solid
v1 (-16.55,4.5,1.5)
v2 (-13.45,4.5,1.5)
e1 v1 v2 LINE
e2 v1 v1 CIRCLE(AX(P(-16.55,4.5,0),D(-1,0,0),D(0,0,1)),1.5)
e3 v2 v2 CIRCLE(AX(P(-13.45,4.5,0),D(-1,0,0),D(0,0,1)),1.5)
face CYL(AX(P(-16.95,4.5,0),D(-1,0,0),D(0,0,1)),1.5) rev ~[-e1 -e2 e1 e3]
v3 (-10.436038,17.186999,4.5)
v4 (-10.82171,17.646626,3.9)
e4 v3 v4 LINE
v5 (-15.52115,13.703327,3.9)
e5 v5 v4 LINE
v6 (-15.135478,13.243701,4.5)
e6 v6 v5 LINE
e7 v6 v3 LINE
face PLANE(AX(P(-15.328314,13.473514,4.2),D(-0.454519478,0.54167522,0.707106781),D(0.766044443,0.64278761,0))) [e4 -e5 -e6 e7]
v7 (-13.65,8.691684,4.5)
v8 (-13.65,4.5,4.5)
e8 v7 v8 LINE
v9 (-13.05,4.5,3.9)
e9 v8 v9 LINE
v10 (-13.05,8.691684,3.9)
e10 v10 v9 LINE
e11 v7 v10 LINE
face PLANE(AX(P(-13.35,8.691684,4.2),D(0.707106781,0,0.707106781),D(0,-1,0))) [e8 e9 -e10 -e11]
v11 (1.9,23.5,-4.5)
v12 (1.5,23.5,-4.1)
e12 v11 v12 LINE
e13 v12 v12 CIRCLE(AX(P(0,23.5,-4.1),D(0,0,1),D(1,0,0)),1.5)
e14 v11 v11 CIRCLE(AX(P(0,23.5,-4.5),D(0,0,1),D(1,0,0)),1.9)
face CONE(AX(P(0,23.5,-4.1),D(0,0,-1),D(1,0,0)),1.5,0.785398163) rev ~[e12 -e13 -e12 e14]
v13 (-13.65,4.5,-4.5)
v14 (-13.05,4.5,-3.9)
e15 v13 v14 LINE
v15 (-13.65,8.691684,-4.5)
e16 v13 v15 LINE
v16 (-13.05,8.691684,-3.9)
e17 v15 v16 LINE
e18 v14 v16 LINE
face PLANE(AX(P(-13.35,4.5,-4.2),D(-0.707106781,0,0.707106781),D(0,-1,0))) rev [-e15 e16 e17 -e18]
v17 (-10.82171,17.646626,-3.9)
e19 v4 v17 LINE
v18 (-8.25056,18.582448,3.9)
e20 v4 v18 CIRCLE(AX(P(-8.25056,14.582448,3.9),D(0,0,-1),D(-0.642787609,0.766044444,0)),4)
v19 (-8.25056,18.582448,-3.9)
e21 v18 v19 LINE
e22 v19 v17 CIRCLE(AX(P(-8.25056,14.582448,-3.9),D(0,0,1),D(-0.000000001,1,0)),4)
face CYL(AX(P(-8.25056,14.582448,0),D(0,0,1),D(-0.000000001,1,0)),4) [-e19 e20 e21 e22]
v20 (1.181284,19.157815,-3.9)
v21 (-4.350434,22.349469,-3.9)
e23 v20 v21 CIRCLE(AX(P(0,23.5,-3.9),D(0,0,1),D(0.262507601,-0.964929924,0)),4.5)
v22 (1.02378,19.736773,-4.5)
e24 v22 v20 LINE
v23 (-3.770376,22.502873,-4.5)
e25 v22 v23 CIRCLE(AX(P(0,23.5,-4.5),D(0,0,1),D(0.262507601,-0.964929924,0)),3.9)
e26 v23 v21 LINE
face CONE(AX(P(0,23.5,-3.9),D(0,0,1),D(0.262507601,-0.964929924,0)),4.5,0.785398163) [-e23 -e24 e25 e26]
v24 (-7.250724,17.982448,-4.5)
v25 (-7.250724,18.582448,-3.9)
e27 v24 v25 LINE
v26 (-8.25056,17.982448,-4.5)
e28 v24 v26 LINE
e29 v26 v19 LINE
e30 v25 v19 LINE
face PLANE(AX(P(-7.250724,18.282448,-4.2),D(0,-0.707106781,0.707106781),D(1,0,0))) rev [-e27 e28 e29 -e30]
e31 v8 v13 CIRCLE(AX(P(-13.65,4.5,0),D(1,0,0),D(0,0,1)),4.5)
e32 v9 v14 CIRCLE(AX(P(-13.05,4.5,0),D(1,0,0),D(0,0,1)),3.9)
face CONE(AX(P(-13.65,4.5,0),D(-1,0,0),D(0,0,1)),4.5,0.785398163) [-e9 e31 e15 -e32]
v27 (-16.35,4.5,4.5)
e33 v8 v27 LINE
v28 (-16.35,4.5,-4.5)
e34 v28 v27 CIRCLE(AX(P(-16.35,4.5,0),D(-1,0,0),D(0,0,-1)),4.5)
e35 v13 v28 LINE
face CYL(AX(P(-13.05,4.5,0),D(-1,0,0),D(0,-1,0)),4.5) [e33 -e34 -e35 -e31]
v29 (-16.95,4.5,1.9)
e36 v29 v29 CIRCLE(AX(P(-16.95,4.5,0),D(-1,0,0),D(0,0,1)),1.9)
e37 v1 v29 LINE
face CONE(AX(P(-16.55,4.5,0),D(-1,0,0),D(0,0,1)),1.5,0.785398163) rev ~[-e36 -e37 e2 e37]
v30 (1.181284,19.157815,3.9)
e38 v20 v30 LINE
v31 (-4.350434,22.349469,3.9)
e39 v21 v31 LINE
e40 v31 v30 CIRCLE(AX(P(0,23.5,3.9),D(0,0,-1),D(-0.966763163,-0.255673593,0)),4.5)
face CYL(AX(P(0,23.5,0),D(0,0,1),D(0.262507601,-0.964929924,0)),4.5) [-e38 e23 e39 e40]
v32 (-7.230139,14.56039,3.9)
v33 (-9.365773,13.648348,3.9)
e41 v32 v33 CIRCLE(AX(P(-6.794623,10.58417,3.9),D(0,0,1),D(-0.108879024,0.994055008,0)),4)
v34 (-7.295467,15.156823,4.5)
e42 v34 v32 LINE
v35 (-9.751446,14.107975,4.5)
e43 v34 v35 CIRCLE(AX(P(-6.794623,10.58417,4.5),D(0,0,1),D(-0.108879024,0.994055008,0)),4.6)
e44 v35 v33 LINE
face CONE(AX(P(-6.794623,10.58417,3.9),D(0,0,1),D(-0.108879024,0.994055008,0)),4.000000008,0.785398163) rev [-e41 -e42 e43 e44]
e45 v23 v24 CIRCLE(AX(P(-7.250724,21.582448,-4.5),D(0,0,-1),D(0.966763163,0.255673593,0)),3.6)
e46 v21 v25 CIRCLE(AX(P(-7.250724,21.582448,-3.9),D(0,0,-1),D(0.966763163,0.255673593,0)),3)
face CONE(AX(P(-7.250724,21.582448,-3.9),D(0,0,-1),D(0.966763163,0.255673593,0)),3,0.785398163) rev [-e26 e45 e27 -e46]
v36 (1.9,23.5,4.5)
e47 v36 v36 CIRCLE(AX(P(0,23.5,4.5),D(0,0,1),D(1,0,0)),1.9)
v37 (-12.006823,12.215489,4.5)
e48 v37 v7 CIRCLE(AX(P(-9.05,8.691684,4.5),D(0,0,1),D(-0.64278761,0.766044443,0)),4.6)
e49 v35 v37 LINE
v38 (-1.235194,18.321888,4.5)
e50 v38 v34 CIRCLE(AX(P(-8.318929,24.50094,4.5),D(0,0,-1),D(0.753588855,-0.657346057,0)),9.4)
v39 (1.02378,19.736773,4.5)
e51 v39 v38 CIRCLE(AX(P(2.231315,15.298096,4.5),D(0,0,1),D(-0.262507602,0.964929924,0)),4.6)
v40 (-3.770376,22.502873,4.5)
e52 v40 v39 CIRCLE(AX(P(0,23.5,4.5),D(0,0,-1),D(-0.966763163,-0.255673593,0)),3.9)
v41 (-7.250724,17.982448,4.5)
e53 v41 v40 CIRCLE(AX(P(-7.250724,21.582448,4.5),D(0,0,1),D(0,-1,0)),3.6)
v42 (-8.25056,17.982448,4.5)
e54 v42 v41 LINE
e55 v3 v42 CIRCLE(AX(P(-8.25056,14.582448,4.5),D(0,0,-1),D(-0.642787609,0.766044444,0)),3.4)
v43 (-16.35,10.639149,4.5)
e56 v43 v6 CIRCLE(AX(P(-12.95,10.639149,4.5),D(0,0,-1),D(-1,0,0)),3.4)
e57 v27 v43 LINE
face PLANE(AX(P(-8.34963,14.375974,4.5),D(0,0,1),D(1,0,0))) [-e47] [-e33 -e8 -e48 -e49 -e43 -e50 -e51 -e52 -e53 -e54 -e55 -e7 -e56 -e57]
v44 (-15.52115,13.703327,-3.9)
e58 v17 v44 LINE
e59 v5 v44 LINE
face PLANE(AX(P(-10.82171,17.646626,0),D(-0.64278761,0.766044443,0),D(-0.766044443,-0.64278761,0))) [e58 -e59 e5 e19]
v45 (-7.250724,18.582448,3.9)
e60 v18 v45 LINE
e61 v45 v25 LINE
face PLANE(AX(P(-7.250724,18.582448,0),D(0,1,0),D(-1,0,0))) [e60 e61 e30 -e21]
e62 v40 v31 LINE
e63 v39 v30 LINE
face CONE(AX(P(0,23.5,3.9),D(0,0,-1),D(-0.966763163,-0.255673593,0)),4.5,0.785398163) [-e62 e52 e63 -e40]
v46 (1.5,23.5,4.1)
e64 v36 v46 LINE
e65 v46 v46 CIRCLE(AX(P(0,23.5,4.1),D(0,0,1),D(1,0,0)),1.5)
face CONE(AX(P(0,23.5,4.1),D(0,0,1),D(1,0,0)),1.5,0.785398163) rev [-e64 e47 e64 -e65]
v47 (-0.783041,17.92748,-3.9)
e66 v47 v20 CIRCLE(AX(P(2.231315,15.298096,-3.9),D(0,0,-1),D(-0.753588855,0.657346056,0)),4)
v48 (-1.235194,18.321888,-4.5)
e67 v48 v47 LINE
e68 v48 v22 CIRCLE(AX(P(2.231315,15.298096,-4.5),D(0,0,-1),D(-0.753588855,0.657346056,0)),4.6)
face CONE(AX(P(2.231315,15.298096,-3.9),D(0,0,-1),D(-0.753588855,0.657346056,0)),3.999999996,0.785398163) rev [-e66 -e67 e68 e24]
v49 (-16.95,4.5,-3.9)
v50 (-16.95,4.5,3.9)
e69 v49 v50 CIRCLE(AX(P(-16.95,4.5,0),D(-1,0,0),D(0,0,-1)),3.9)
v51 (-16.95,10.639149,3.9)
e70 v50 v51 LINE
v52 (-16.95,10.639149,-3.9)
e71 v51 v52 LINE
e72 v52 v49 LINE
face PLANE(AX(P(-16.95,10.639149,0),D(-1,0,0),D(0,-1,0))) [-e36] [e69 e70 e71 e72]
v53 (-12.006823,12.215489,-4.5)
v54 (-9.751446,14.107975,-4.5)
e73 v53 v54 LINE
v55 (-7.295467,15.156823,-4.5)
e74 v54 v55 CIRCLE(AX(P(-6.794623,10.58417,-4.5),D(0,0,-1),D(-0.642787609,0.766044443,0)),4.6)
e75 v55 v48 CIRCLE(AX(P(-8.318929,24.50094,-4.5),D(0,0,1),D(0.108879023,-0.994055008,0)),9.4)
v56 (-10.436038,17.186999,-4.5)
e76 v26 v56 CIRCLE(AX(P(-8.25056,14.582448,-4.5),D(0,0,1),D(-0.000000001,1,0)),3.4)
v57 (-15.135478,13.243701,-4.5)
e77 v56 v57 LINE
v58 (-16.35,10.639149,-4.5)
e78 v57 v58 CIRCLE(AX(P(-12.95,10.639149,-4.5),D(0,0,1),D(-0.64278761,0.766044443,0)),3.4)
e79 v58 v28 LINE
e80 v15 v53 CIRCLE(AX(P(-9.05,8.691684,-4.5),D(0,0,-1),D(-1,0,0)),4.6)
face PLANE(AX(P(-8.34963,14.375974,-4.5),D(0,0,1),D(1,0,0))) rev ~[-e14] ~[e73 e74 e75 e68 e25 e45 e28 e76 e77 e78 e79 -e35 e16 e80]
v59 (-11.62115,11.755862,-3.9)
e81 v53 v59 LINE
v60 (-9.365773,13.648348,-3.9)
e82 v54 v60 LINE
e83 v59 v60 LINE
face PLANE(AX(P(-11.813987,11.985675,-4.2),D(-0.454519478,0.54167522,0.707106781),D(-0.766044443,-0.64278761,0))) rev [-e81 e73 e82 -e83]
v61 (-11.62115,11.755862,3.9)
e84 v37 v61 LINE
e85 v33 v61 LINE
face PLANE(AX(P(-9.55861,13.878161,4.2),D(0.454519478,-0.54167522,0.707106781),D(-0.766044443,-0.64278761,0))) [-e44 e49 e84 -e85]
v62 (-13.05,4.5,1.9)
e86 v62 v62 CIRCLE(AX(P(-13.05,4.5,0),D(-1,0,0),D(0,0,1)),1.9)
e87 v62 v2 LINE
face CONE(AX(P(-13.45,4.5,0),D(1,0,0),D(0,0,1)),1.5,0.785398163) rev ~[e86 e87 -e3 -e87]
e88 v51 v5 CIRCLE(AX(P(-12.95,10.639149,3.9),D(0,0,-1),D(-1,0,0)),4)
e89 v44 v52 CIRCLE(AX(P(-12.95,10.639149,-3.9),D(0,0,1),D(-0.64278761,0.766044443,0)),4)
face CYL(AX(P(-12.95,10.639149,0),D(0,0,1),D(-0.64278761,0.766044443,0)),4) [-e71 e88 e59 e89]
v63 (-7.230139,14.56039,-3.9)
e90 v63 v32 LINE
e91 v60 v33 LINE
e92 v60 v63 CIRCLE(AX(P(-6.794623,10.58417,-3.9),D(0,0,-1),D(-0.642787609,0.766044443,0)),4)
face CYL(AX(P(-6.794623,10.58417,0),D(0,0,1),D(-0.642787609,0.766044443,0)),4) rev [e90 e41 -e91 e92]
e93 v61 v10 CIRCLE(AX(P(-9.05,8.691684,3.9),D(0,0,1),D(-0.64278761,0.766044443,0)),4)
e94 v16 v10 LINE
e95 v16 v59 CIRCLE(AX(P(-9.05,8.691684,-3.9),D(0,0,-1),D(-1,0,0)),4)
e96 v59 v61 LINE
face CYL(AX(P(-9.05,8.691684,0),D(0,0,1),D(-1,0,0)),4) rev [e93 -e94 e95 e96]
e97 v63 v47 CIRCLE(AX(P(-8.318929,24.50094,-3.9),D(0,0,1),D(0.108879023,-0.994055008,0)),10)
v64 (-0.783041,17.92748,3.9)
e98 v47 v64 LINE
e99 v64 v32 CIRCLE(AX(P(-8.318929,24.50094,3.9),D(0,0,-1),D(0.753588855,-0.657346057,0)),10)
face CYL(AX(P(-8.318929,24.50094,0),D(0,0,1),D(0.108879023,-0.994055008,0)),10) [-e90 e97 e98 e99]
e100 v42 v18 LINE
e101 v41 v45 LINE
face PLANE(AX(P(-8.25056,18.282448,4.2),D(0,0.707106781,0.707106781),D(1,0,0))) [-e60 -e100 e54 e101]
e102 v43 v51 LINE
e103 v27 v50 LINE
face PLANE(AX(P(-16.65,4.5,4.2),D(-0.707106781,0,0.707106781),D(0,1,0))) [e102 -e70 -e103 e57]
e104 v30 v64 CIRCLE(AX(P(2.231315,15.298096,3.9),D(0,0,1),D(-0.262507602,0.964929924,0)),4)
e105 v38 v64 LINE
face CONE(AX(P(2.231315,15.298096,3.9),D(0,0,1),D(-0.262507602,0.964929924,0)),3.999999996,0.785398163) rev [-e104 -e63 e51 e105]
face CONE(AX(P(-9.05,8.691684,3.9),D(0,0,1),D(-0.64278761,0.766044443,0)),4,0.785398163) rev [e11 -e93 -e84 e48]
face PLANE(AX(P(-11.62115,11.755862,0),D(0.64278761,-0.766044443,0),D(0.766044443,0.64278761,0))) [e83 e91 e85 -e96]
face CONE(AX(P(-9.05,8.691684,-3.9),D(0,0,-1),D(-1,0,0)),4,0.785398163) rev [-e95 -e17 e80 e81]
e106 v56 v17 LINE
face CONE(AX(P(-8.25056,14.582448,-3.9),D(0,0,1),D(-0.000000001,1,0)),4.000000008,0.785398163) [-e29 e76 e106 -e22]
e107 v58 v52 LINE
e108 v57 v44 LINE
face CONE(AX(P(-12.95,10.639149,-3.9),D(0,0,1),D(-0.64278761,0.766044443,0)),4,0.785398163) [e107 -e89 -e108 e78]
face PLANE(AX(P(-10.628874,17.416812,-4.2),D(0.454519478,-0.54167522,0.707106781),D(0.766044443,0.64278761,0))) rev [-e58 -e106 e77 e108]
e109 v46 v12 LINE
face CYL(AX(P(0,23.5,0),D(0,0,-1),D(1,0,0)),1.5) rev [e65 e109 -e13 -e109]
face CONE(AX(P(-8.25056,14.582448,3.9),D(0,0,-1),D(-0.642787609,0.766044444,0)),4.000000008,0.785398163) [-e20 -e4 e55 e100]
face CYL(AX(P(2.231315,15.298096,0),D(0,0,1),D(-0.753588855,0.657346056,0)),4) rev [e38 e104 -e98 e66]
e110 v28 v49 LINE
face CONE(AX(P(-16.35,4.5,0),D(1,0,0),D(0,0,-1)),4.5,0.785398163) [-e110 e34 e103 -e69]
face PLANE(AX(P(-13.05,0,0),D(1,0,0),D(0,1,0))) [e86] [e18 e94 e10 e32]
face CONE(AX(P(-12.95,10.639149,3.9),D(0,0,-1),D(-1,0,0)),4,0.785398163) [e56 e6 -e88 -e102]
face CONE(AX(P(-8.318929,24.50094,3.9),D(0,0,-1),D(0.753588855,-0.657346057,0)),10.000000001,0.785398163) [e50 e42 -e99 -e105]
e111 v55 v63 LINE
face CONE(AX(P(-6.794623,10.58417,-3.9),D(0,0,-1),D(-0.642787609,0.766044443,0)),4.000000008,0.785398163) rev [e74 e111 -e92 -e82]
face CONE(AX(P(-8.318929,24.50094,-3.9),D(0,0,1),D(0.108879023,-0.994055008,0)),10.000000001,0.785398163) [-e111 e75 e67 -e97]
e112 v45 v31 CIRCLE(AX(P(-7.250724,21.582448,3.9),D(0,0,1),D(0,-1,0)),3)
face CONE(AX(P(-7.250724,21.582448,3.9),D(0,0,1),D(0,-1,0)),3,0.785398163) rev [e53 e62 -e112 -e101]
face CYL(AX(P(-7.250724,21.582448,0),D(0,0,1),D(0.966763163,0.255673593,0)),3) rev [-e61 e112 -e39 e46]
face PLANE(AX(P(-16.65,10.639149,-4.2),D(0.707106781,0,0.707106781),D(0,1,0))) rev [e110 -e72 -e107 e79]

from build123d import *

# Parameters (mm, degrees)
SKETCH1_R           = 1.5
BOSS_EXTRUDE1_DEPTH = 4.5
FILLET1_RADIUS      = 4.5
FILLET1_LENGTH      = 3.9
CUT_EXTRUDE1_REACH  = 37.558
SKETCH3_R           = 1.5
CHAMFER1_SIZE       = 0.6
CHAMFER2_SIZE       = 0.4


with BuildPart() as part:
    # Sketch1 → Boss-Extrude1 (new, symmetric)
    with BuildSketch(Plane.XY):
        with BuildLine():
            Line((-13.05, 0), (-13.05, 8.691684344))
            ThreePointArc((-13.05, 8.691684344), (-12.675231148, 10.382157391), (-11.621150439, 11.755862116))
            Line((-11.621150439, 11.755862116), (-9.365773473, 13.648348096))
            ThreePointArc((-9.365773473, 13.648348096), (-8.36559922, 14.262761606), (-7.230139126, 14.560390355))
            ThreePointArc((-7.230139126, 14.560390355), (-3.689610404, 15.637001914), (-0.783040807, 17.927479867))
            ThreePointArc((-0.783040807, 17.927479867), (0.108053117, 18.688045586), (1.181284206, 19.15781534))
            ThreePointArc((1.181284206, 19.15781534), (2.248897725, 27.397750508), (-4.350434235, 22.349468831))
            ThreePointArc((-4.350434235, 22.349468831), (-4.87363913, 19.752292641), (-7.250723724, 18.582448052))
            Line((-7.250723724, 18.582448052), (-8.250559688, 18.582448052))
            ThreePointArc((-8.250559688, 18.582448052), (-9.618640261, 18.341218535), (-10.821710127, 17.646625825))
            Line((-10.821710127, 17.646625825), (-15.521150439, 13.703327192))
            ThreePointArc((-15.521150439, 13.703327192), (-16.575231148, 12.329622467), (-16.95, 10.63914942))
            Line((-16.95, 10.63914942), (-16.95, 0))
            Line((-16.95, 0), (-13.05, 0))
        make_face()
        with Locations((0, 23.5)):
            Circle(SKETCH1_R, mode=Mode.SUBTRACT)
    extrude(amount=BOSS_EXTRUDE1_DEPTH, both=True)

    # Fillet1: full round fillet: the end face becomes a half cylinder, R = half its width
    fillet1_face = Plane((-15, 0, 0), x_dir=(-1, 0, 0), z_dir=(0, -1, 0))  # on the end face: x along it, z out of the body
    fillet1_slab = fillet1_face.offset(-FILLET1_RADIUS / 2) * Box(FILLET1_LENGTH, 2 * FILLET1_RADIUS, FILLET1_RADIUS, mode=Mode.PRIVATE)  # the body's end, R deep
    fillet1_round = Plane((-15, 4.5, 0), x_dir=(0, -1, 0), z_dir=(-1, 0, 0)) * Cylinder(FILLET1_RADIUS, FILLET1_LENGTH, mode=Mode.PRIVATE)  # its axis R under the face
    add(fillet1_slab - fillet1_round, mode=Mode.SUBTRACT)

    # Sketch3 → Cut-Extrude1 (cut, up to next)
    with BuildSketch(Plane.ZY.offset(16.95), mode=Mode.PRIVATE) as cut_extrude1_sk1:
        with Locations((0, 4.5)):
            Circle(SKETCH3_R)
    cut_extrude1_tool1 = extrude(cut_extrude1_sk1.sketch, amount=-CUT_EXTRUDE1_REACH, mode=Mode.PRIVATE) & part.part
    add(cut_extrude1_tool1.solids().sort_by_distance((-16.95, 4.5, 0))[0], mode=Mode.SUBTRACT)

    # Chamfer1
    chamfer1_edges = [part.edges().sort_by_distance(p)[0] for p in [
        (-13.171430283, 15.674976508, -4.5),
        (-9.618640261, 18.341218535, -4.5),
        (-7.750641706, 18.582448052, -4.5),
        (-4.87363913, 19.752292641, -4.5),
        (2.248897725, 27.397750508, -4.5),
        (0.108053117, 18.688045586, -4.5),
        (-3.689610404, 15.637001914, -4.5),
        (-8.36559922, 14.262761606, -4.5),
        (-10.493461956, 12.702105106, -4.5),
        (-12.675231148, 10.382157391, 4.5),
        (-12.675231148, 10.382157391, -4.5),
        (-16.95, 7.56957471, -4.5),
        (-16.575231148, 12.329622467, -4.5),
        (-10.493461956, 12.702105106, 4.5),
        (-8.36559922, 14.262761606, 4.5),
        (-3.689610404, 15.637001914, 4.5),
        (0.108053117, 18.688045586, 4.5),
        (2.248897725, 27.397750508, 4.5),
        (-4.87363913, 19.752292641, 4.5),
        (-7.750641706, 18.582448052, 4.5),
        (-16.575231148, 12.329622467, 4.5),
        (-9.618640261, 18.341218535, 4.5),
        (-13.171430283, 15.674976508, 4.5),
        (-13.05, 6.595842172, -4.5),
        (-13.05, 6.595842172, 4.5),
        (-13.05, 0, 0),
        (-16.95, 0, 0),
        (-16.95, 7.56957471, 4.5),
    ]]
    chamfer(chamfer1_edges, length=CHAMFER1_SIZE)

    # Chamfer2
    chamfer2_edges = [part.edges().sort_by_distance(p)[0] for p in [
        (-1.5, 23.5, -4.5),
        (-1.5, 23.5, 4.5),
        (-16.95, 4.5, -1.5),
        (-13.05, 4.5, -1.5),
    ]]
    chamfer(chamfer2_edges, length=CHAMFER2_SIZE)


solid = part.part
